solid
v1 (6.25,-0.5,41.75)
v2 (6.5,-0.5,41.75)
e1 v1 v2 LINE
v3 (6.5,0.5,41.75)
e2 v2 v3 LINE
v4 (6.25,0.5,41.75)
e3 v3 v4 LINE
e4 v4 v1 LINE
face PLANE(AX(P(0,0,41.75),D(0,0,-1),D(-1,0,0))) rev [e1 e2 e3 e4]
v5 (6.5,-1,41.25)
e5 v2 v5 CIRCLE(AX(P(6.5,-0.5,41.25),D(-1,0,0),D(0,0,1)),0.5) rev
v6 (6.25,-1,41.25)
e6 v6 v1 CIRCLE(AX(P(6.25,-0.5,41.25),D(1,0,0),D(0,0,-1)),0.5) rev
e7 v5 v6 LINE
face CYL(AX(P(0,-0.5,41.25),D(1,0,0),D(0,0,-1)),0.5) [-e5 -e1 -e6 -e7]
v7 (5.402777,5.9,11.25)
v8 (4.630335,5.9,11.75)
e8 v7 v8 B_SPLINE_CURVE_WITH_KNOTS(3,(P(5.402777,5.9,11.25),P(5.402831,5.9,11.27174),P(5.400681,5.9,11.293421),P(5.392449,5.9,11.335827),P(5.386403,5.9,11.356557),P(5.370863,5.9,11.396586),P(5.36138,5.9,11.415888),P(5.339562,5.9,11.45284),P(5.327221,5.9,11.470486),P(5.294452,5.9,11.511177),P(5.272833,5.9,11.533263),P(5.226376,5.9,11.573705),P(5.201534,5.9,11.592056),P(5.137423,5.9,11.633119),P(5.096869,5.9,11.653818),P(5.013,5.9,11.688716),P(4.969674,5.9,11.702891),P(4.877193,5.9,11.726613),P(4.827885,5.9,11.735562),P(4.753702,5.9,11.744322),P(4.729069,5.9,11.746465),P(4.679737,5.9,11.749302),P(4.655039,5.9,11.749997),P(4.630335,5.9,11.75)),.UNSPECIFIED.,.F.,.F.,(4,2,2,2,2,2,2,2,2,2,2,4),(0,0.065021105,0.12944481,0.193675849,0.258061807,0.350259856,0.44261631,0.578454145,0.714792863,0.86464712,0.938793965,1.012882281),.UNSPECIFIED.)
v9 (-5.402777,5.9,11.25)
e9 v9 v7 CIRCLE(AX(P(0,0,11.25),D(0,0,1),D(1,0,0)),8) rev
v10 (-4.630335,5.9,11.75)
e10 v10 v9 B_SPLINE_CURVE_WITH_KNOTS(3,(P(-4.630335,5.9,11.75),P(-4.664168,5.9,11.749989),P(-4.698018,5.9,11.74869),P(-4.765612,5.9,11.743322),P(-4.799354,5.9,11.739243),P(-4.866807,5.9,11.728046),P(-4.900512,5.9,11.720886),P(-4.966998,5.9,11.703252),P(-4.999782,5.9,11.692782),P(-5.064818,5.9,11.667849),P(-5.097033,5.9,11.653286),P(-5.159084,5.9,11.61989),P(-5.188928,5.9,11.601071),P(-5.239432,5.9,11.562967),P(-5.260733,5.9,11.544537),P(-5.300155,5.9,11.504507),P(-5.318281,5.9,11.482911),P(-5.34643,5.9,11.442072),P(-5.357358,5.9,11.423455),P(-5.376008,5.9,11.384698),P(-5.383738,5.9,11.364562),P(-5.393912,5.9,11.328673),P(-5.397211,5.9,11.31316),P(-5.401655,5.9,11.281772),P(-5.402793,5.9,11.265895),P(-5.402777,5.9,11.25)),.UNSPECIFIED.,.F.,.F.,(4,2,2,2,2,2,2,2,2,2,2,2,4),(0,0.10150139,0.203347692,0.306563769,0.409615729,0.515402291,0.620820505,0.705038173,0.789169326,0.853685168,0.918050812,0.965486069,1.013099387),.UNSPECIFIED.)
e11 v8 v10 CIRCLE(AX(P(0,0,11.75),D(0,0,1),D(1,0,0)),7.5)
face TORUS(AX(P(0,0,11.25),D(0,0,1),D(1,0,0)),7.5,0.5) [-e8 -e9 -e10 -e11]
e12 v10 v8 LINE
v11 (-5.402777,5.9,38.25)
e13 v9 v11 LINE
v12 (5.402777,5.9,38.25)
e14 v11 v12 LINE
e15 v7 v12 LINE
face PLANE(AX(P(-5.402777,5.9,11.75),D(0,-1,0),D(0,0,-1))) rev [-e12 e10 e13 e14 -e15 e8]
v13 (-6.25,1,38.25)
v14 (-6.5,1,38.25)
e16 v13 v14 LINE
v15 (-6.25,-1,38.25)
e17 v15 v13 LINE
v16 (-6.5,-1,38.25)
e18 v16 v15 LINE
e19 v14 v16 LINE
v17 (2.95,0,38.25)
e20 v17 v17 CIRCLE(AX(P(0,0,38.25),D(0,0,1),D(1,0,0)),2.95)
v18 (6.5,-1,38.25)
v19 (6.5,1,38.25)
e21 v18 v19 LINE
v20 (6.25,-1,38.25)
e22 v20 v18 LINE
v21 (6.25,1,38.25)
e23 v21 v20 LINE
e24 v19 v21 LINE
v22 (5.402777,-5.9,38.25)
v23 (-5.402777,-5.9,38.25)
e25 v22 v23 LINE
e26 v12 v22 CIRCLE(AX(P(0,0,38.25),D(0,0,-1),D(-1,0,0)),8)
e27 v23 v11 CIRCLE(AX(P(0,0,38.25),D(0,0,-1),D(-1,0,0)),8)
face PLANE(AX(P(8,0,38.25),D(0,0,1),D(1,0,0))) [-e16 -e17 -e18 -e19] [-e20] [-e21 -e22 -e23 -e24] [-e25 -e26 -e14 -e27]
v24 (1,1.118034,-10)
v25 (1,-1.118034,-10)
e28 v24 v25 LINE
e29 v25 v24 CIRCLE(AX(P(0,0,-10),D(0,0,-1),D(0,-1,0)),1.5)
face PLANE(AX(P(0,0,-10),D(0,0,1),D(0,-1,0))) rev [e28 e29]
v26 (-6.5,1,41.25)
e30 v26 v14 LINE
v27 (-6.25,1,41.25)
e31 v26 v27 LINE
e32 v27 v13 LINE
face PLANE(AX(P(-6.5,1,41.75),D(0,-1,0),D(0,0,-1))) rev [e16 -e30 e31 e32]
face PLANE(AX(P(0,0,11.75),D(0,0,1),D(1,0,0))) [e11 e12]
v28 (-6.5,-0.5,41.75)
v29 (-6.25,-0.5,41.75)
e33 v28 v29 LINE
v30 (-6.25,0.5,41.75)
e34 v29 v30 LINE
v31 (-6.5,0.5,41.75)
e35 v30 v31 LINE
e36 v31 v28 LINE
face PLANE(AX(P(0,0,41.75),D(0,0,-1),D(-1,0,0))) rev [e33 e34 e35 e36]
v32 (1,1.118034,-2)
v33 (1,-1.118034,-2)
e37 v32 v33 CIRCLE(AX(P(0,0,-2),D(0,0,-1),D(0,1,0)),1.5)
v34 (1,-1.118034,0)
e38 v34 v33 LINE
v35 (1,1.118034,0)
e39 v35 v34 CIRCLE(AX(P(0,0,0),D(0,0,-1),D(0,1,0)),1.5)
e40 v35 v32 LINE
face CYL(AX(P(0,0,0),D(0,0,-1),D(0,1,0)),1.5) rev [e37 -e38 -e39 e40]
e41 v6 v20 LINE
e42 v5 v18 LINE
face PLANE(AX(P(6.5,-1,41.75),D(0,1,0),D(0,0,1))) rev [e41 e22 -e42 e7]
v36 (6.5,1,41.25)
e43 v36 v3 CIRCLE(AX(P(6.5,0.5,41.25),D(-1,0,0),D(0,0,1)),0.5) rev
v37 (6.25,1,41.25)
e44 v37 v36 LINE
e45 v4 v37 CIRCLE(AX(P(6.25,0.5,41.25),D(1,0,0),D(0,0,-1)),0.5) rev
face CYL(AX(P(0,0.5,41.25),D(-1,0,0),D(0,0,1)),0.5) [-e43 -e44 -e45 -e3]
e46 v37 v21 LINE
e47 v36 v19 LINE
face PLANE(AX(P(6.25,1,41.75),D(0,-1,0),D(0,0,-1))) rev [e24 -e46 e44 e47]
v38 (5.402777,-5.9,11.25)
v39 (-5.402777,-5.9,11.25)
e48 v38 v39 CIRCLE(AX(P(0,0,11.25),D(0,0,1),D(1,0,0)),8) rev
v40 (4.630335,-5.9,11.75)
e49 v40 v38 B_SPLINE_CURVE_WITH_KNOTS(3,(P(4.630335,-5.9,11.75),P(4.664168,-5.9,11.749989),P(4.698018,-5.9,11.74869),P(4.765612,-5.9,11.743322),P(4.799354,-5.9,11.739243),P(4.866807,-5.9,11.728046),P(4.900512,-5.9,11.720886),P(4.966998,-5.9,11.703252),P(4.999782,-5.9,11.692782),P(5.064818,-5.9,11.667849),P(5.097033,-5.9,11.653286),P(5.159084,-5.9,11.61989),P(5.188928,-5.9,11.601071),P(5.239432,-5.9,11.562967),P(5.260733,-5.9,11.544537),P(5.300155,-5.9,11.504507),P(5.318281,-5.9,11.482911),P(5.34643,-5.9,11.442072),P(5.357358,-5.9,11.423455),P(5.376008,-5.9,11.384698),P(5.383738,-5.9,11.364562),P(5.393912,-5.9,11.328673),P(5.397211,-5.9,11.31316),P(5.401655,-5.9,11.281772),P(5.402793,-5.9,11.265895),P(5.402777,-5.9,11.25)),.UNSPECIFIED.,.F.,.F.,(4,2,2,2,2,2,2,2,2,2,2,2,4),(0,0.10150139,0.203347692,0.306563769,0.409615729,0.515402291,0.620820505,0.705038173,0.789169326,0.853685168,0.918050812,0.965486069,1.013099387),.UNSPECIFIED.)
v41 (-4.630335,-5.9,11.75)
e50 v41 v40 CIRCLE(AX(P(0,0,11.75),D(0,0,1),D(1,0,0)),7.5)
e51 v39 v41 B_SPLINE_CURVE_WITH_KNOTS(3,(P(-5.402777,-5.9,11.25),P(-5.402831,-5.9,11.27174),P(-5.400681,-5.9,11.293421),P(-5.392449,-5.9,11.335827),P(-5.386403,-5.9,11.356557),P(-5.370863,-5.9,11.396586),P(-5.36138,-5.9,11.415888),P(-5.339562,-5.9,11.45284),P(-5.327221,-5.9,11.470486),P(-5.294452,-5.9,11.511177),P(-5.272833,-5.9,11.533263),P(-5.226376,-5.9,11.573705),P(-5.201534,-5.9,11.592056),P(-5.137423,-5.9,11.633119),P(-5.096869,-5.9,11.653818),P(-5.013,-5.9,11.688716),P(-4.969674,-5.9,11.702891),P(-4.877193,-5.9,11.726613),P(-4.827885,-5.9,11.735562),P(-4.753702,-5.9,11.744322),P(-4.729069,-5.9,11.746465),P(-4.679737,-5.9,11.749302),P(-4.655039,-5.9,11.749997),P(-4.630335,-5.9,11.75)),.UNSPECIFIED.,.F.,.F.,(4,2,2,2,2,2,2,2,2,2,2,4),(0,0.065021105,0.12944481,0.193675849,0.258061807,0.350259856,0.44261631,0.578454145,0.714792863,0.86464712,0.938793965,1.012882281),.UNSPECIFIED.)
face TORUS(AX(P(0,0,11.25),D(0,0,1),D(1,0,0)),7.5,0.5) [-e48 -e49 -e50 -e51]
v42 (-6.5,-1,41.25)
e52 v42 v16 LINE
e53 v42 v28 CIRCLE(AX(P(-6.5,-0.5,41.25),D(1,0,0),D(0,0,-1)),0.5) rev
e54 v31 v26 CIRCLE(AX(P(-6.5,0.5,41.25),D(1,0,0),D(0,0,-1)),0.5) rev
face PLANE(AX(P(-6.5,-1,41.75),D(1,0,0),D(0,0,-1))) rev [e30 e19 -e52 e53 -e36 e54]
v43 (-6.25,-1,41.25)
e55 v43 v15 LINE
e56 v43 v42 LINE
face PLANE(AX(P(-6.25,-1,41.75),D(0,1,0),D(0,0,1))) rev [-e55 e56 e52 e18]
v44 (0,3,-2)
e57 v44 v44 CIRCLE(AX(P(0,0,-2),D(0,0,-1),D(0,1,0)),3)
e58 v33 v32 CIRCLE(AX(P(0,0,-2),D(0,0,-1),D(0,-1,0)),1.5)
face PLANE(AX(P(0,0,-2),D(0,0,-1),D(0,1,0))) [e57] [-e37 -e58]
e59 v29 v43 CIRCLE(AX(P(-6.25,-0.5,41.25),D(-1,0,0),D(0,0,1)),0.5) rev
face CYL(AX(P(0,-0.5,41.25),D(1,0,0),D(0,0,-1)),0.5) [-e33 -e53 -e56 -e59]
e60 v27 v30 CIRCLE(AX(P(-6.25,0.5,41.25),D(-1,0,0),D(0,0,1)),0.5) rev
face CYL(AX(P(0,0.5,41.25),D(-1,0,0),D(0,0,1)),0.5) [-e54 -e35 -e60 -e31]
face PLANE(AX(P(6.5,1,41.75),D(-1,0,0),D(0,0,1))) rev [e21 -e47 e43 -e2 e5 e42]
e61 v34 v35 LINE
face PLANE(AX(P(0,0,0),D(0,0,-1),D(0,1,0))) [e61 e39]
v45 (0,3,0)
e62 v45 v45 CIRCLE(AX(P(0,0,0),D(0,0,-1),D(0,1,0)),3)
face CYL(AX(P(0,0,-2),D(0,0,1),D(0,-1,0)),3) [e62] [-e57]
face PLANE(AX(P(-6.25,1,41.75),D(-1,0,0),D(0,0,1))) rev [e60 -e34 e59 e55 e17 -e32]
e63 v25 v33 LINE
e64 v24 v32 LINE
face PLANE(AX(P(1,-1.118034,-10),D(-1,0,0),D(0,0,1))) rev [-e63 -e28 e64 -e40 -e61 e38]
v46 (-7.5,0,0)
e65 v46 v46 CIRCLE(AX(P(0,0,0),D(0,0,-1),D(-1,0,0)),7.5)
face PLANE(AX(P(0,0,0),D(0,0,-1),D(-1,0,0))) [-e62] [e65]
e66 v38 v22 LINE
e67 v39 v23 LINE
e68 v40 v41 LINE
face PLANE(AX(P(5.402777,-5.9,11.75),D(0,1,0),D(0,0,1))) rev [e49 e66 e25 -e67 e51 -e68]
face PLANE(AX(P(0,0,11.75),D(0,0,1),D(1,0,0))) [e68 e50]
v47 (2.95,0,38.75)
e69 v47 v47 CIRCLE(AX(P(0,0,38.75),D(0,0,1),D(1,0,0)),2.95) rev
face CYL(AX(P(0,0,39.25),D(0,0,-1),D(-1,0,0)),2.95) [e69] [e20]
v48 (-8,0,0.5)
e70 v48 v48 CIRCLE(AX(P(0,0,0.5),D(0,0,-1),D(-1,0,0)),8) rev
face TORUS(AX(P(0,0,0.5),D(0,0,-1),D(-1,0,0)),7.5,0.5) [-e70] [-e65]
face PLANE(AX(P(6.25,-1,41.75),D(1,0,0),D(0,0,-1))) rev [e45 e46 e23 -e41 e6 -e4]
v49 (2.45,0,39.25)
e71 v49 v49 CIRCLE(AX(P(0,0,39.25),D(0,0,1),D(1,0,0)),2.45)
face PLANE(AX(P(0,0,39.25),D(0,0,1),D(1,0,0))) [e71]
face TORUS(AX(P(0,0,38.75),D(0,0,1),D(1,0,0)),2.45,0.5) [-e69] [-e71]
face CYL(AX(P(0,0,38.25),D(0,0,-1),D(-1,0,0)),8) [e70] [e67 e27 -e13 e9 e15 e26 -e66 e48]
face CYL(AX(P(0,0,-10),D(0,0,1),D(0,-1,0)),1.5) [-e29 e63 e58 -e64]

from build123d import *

# Parameters (mm, degrees)
SKETCH1_W           = 8
SKETCH1_H           = 38.25
SKETCH2_R           = 3
BOSS_EXTRUDE1_DEPTH = 2
BOSS_EXTRUDE2_DEPTH = 8
CUT_EXTRUDE1_DEPTH  = 2
CUT_EXTRUDE2_DEPTH  = 26.5
CUT_EXTRUDE3_DEPTH  = 26.5
SKETCH7_W           = 0.25
SKETCH7_H           = 2
BOSS_EXTRUDE3_DEPTH = 3.5
SKETCH8_W           = 0.25
SKETCH8_H           = 2
BOSS_EXTRUDE4_DEPTH = 3.5
SKETCH9_R           = 2.95
BOSS_EXTRUDE5_DEPTH = 1
FILLET1_R           = 0.5


with BuildPart() as part:
    # Sketch1 → Revolve1 (revolve)
    with BuildSketch(Plane.XZ):
        with Locations((4, 19.125)):
            Rectangle(SKETCH1_W, SKETCH1_H)
    revolve(axis=Axis((0, 0, 38.25), (0, 0, -1)))

    # Sketch2 → Boss-Extrude1 (add)
    with BuildSketch(Plane(origin=(0, 0, 0), x_dir=(-1, 0, 0), z_dir=(0, 0, -1))):
        Circle(SKETCH2_R)
    extrude(amount=BOSS_EXTRUDE1_DEPTH)

    # Sketch3 → Boss-Extrude2 (add)
    with BuildSketch(Plane(origin=(0, 0, -2), x_dir=(-1, 0, 0), z_dir=(0, 0, -1))):
        with BuildLine():
            Line((-1, -1.118033989), (-1, 1.118033989))
            ThreePointArc((-1, 1.118033989), (1.5, 0), (-1, -1.118033989))
        make_face()
    extrude(amount=BOSS_EXTRUDE2_DEPTH)

    # Sketch4 → Cut-Extrude1 (cut)
    with BuildSketch(Plane(origin=(0, 0, -2), x_dir=(-1, 0, 0), z_dir=(0, 0, -1))):
        with BuildLine():
            Line((-1, -1.118033989), (-1, 1.118033989))
            ThreePointArc((-1, 1.118033989), (-1.5, 0), (-1, -1.118033989))
        make_face()
    extrude(amount=-CUT_EXTRUDE1_DEPTH, mode=Mode.SUBTRACT)

    # Sketch5 → Cut-Extrude2 (cut)
    with BuildSketch(Plane.XY.offset(38.25)):
        with BuildLine():
            Line((-5.402777064, 5.9), (5.402777064, 5.9))
            ThreePointArc((5.402777064, 5.9), (0, 8), (-5.402777064, 5.9))
        make_face()
    extrude(amount=-CUT_EXTRUDE2_DEPTH, mode=Mode.SUBTRACT)

    # Sketch6 → Cut-Extrude3 (cut)
    with BuildSketch(Plane.XY.offset(38.25)):
        with BuildLine():
            Line((5.402777064, -5.9), (-5.402777064, -5.9))
            ThreePointArc((-5.402777064, -5.9), (0, -8), (5.402777064, -5.9))
        make_face()
    extrude(amount=-CUT_EXTRUDE3_DEPTH, mode=Mode.SUBTRACT)

    # Sketch7 → Boss-Extrude3 (add)
    with BuildSketch(Plane.XY.offset(38.25)):
        with Locations((-6.375, 0)):
            Rectangle(SKETCH7_W, SKETCH7_H)
    extrude(amount=BOSS_EXTRUDE3_DEPTH)

    # Sketch8 → Boss-Extrude4 (add)
    with BuildSketch(Plane.XY.offset(38.25)):
        with Locations((6.375, 0)):
            Rectangle(SKETCH8_W, SKETCH8_H)
    extrude(amount=BOSS_EXTRUDE4_DEPTH)

    # Sketch9 → Boss-Extrude5 (add)
    with BuildSketch(Plane.XY.offset(38.25)):
        Circle(SKETCH9_R)
    extrude(amount=BOSS_EXTRUDE5_DEPTH)

    # Fillet1
    fillet1_edges = [part.edges().sort_by_distance(p)[0] for p in [
        (0, 8, 11.75),
        (0, -8, 11.75),
        (-8, 0, 0),
        (-6.375, -1, 41.75),
        (-6.375, 1, 41.75),
        (6.375, -1, 41.75),
        (6.375, 1, 41.75),
        (-2.95, 0, 39.25),
    ]]
    fillet(fillet1_edges, radius=FILLET1_R)


solid = part.part
